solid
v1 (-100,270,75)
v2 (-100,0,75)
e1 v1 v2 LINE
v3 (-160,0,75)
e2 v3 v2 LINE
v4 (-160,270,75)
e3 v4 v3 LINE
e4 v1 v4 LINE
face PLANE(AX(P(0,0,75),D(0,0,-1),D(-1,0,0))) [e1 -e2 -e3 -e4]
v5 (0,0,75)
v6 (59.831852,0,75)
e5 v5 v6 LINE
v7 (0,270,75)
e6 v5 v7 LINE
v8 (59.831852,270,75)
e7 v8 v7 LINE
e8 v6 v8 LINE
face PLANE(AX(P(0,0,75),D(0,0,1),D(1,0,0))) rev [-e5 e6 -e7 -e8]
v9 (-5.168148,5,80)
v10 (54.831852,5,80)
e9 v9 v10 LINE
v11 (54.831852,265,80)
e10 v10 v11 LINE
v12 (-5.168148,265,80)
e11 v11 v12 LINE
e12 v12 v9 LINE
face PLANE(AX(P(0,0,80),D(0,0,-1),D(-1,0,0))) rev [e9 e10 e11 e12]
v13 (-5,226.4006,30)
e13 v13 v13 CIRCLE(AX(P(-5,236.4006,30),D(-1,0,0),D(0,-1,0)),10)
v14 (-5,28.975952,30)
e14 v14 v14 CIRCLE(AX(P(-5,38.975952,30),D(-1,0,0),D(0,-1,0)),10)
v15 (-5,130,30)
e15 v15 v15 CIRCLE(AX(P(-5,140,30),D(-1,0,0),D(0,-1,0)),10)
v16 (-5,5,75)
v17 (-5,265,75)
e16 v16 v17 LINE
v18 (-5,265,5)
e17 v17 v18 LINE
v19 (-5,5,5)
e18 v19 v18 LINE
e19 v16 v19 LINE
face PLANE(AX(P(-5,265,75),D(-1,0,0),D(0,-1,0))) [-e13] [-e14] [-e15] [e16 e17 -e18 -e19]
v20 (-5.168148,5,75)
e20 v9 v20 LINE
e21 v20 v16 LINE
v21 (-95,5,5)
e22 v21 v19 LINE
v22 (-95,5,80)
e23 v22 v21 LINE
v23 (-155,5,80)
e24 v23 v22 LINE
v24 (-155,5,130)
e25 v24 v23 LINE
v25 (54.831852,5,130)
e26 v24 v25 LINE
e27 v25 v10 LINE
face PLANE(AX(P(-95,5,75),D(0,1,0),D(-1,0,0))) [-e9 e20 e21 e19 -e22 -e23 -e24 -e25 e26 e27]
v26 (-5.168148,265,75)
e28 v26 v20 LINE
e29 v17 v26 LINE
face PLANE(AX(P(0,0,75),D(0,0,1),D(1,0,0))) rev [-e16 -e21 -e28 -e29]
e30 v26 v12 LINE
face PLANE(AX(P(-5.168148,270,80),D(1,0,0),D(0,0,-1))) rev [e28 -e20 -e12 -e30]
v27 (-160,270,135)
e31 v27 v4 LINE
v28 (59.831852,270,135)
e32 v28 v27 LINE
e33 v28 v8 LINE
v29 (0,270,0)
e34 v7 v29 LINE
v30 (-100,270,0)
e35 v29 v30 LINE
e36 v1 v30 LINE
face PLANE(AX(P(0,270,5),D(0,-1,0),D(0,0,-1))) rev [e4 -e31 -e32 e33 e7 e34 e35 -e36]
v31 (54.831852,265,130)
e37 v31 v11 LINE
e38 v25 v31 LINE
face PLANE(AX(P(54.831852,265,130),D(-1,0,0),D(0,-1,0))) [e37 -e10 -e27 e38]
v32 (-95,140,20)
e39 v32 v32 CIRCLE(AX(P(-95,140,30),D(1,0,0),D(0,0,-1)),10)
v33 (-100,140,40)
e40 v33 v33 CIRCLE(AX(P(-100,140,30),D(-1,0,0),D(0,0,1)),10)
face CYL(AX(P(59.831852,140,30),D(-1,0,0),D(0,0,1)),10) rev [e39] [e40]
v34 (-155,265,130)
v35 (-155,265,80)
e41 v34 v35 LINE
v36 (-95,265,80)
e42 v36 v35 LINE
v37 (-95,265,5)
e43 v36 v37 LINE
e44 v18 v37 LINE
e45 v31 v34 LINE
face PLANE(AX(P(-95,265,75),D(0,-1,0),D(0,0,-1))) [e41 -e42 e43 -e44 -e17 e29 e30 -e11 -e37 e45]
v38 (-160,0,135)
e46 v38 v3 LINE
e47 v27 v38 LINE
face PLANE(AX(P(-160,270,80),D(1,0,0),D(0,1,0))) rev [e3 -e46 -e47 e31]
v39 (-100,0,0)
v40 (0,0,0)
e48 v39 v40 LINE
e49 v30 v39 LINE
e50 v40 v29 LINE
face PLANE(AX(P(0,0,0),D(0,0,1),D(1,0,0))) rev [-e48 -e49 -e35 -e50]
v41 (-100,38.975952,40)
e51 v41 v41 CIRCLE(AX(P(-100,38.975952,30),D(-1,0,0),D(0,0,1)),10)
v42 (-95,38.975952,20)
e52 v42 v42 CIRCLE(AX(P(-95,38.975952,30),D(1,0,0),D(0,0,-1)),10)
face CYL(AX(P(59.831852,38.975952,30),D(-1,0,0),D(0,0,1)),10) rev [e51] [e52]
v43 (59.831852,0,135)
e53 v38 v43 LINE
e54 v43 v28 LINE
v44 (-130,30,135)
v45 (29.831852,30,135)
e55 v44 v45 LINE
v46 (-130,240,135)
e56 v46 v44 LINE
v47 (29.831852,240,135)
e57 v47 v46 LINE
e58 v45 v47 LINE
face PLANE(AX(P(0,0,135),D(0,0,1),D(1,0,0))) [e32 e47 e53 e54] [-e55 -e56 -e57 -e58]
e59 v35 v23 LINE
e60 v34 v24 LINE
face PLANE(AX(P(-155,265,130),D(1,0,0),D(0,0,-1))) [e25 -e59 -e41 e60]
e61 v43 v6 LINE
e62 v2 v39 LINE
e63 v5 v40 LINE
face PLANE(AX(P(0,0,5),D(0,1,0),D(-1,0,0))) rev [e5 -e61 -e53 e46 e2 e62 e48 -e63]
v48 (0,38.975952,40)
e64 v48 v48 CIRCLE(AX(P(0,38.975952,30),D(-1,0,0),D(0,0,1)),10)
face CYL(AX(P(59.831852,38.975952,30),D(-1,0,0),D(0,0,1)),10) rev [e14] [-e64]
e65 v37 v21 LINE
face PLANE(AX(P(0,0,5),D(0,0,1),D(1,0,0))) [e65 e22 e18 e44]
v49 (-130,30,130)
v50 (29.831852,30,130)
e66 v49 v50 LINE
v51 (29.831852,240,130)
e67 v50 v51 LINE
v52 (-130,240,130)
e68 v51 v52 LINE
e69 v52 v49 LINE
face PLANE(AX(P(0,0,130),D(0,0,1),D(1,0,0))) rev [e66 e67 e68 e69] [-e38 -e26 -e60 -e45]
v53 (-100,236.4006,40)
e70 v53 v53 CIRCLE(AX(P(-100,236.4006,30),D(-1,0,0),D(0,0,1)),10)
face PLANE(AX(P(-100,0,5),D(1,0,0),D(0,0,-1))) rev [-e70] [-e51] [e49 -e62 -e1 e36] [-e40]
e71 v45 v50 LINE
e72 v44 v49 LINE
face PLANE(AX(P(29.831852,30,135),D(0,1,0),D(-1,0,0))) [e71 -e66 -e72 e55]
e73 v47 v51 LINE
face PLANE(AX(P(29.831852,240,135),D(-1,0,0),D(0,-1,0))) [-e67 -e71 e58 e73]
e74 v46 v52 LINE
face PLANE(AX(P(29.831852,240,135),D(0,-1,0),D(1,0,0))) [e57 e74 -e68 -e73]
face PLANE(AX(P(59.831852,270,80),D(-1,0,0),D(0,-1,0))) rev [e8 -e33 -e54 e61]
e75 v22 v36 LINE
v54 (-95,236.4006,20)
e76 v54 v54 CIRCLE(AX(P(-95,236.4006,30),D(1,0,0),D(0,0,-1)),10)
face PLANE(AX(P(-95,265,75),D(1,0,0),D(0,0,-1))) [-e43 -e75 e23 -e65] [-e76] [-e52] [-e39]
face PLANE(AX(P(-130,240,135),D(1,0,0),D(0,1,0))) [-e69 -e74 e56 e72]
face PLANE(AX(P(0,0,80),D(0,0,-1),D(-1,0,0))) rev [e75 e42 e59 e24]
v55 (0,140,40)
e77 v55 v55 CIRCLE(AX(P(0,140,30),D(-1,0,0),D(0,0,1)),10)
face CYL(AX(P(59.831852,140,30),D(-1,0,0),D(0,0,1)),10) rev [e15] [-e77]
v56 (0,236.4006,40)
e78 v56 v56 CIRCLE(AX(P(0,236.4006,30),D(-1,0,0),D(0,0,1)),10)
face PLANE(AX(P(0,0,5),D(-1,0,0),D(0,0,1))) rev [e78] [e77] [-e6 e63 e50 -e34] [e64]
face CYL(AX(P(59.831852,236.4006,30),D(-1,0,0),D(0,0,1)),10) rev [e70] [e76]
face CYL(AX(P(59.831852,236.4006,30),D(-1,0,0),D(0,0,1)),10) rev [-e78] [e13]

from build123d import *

# Parameters (mm, degrees)
ESQUISSE1_W             = 100
ESQUISSE1_H             = 270
BOSS_EXTRU_1_DEPTH      = 5
ESQUISSE2_W             = 100
ESQUISSE2_H             = 270
ESQUISSE2_W_2           = 90
ESQUISSE2_H_2           = 260
BOSS_EXTRU_2_DEPTH      = 70
ESQUISSE3_W             = 65
ESQUISSE3_H             = 270
BOSS_EXTRU_4_DEPTH      = 5
ESQUISSE5_W             = 90
ESQUISSE5_H             = 5
ESQUISSE5_W_2           = 89.831851537
BOSS_EXTRU_5_DEPTH      = 5
ESQUISSE6_W             = 219.831851537
ESQUISSE6_H             = 270
ESQUISSE6_W_2           = 209.831851537
ESQUISSE6_H_2           = 260
BOSS_EXTRU_6_DEPTH      = 50
ESQUISSE7_R             = 10
ENL_V_MAT_EXTRU_1_DEPTH = 340.626590193
ESQUISSE8_W             = 159.831851537
ESQUISSE8_H             = 210
BOSS_EXTRU_7_DEPTH      = 5


with BuildPart() as part:
    # Esquisse1 → Boss.-Extru.1 (new body)
    with BuildSketch(Plane.XY):
        with Locations((-50, 135)):
            Rectangle(ESQUISSE1_W, ESQUISSE1_H)
    extrude(amount=BOSS_EXTRU_1_DEPTH)

    # Esquisse2 → Boss.-Extru.2 (add)
    with BuildSketch(Plane.XY.offset(5)):
        with Locations((-50, 135)):
            Rectangle(ESQUISSE2_W, ESQUISSE2_H)
        with Locations((-50, 135)):
            Rectangle(ESQUISSE2_W_2, ESQUISSE2_H_2, mode=Mode.SUBTRACT)
    extrude(amount=BOSS_EXTRU_2_DEPTH)

    # Esquisse3 → Boss.-Extru.4 (add)
    with BuildSketch(Plane.XY.offset(75)):
        with Locations((-127.5, 135)):
            Rectangle(ESQUISSE3_W, ESQUISSE3_H)
        with Locations((27.331851537, 135)):
            Rectangle(ESQUISSE3_W, ESQUISSE3_H)
    extrude(amount=BOSS_EXTRU_4_DEPTH)

    # Esquisse5 → Boss.-Extru.5 (add)
    with BuildSketch(Plane.XY.offset(75)):
        with Locations((-50, 267.5)):
            Rectangle(ESQUISSE5_W, ESQUISSE5_H)
        with Locations((-50.084074231, 2.5)):
            Rectangle(ESQUISSE5_W_2, ESQUISSE5_H)
    extrude(amount=BOSS_EXTRU_5_DEPTH)

    # Esquisse6 → Boss.-Extru.6 (add)
    with BuildSketch(Plane.XY.offset(80)):
        with Locations((-50.084074231, 135)):
            Rectangle(ESQUISSE6_W, ESQUISSE6_H)
        with Locations((-50.084074231, 135)):
            Rectangle(ESQUISSE6_W_2, ESQUISSE6_H_2, mode=Mode.SUBTRACT)
    extrude(amount=BOSS_EXTRU_6_DEPTH)

    # Esquisse7 → Enlèv. mat.-Extru.1 (cut, through all)
    with BuildSketch(Plane.ZY.offset(100)):
        with Locations((30, 140)):
            Circle(ESQUISSE7_R)
        with Locations((30, 38.975952284)):
            Circle(ESQUISSE7_R)
        with Locations((30, 236.400600349)):
            Circle(ESQUISSE7_R)
    extrude(amount=-ENL_V_MAT_EXTRU_1_DEPTH, mode=Mode.SUBTRACT)

    # Esquisse8 → Boss.-Extru.7 (add)
    with BuildSketch(Plane.XY.offset(130)):
        Polygon((-160, 270), (-130, 270), (59.831851537, 270), (59.831851537, 240), (59.831851537, 0), (29.831851537, 0), (-130, 0), (-160, 0), align=None)
        with Locations((-50.084074231, 135)):
            Rectangle(ESQUISSE8_W, ESQUISSE8_H, mode=Mode.SUBTRACT)
    extrude(amount=BOSS_EXTRU_7_DEPTH)


solid = part.part
